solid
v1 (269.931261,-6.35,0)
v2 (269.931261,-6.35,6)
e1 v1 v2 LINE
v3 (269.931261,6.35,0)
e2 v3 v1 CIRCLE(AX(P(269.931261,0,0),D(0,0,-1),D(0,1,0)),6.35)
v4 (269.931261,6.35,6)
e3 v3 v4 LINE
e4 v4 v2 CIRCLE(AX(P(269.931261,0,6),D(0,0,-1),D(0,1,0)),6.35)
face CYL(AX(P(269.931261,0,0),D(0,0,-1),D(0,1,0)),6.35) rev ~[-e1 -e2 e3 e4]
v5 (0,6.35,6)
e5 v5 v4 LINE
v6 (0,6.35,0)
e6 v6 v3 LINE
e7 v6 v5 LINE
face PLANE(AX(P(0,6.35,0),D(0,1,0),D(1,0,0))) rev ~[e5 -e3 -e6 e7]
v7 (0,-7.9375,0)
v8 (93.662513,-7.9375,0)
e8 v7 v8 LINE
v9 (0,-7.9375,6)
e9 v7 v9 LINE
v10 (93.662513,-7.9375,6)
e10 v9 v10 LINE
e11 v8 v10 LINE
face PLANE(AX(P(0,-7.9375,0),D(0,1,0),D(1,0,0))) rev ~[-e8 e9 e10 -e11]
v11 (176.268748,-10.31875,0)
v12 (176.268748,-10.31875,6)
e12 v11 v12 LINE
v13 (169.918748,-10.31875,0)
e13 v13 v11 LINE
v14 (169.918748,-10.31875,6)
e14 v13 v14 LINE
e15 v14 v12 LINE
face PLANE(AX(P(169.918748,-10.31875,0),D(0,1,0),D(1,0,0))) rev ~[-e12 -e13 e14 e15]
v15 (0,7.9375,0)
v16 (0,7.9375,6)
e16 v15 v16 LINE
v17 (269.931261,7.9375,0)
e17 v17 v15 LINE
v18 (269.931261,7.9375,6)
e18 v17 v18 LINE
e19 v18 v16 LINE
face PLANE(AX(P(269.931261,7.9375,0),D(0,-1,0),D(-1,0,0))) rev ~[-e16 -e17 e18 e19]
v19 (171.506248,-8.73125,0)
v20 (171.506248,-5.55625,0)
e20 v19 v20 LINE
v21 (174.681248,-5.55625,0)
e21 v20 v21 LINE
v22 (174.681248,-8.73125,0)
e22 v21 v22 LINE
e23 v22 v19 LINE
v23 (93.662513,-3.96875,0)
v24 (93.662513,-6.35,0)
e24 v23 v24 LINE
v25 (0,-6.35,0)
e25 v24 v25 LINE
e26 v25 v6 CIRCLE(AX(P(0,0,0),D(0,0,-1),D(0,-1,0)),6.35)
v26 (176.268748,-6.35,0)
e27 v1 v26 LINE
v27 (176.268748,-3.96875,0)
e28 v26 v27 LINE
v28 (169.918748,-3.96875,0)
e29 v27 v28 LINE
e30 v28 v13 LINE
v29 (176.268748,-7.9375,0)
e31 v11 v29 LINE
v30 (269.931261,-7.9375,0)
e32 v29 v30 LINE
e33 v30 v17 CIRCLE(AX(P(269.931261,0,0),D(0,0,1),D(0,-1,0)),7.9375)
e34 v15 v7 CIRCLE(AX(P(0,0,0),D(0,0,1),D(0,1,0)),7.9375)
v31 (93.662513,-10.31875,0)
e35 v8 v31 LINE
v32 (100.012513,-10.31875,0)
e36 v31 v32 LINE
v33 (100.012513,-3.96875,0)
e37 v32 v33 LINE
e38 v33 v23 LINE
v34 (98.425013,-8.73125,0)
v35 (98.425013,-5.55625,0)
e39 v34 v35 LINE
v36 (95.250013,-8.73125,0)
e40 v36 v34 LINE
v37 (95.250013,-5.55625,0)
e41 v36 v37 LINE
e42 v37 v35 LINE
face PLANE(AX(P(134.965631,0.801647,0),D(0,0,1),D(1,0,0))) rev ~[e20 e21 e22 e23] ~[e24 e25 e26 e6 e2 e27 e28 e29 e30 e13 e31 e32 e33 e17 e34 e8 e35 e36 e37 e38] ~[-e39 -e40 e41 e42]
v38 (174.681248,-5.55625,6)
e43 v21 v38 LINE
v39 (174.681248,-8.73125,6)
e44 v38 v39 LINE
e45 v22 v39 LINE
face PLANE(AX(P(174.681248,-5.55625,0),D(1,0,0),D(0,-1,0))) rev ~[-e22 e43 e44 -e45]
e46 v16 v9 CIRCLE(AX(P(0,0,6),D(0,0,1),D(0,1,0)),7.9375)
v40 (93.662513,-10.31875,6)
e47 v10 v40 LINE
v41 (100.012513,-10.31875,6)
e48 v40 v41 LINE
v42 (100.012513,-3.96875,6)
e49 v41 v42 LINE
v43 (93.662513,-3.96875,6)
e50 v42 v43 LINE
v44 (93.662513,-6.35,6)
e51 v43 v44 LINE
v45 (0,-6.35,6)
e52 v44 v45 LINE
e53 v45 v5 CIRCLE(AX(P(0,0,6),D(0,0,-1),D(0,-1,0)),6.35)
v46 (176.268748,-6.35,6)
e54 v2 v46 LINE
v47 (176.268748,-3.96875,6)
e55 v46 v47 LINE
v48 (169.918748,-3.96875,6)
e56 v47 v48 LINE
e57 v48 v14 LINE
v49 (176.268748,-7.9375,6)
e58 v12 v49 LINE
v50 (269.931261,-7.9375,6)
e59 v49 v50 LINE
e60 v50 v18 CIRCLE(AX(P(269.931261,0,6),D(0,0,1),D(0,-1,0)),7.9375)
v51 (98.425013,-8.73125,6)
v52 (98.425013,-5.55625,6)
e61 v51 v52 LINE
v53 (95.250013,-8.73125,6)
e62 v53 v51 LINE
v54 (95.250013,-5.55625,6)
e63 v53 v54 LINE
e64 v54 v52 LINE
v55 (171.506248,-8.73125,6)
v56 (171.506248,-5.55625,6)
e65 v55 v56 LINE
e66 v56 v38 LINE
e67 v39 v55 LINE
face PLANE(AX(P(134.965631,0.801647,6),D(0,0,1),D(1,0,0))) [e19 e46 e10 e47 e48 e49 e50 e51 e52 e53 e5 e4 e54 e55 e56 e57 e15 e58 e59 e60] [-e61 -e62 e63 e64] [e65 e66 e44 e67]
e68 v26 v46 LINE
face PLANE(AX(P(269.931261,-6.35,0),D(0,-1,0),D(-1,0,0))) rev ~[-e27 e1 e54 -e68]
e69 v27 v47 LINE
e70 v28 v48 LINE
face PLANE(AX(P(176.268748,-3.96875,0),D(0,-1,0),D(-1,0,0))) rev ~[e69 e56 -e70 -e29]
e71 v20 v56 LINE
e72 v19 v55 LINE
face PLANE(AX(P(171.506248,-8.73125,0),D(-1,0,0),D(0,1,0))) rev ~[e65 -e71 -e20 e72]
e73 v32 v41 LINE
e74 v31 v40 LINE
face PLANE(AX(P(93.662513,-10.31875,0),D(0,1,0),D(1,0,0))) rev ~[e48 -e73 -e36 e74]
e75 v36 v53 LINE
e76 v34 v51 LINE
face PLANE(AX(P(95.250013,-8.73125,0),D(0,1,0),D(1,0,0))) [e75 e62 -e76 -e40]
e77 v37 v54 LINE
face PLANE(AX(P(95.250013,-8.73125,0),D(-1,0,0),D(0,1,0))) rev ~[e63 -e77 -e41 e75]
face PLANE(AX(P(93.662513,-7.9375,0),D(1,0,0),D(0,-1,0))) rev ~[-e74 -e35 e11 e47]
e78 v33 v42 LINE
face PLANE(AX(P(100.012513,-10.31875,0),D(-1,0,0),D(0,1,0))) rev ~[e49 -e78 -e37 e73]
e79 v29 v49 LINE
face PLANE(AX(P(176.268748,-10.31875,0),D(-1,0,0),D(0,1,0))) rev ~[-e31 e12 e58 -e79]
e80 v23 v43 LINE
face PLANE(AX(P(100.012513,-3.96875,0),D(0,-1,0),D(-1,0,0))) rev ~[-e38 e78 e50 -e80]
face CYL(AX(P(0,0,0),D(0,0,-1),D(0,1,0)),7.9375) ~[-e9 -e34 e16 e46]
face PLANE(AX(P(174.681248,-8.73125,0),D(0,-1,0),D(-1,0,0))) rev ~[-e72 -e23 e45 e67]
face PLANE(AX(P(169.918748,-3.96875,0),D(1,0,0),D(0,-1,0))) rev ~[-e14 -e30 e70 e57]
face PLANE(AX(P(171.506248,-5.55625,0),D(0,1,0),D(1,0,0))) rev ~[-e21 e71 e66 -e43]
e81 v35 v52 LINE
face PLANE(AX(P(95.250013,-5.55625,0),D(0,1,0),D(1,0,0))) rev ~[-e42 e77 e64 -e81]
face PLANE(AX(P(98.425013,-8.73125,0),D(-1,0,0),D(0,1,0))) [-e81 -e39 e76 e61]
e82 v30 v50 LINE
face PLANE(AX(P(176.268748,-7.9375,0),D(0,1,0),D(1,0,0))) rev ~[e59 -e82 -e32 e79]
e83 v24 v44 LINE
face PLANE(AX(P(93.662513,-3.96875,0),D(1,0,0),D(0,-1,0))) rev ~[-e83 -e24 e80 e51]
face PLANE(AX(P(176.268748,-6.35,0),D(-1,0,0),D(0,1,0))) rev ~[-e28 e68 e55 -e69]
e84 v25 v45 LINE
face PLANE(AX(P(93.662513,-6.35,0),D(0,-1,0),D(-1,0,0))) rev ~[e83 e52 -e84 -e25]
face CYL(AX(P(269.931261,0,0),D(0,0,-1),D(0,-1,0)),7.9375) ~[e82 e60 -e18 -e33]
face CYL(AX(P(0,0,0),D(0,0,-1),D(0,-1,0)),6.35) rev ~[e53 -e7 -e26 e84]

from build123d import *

# Parameters (mm, degrees)
F0_W     = 3.175
F0_H     = 3.175
F1_DEPTH = 6


with BuildPart() as f1:
    # F0 (on Top) → F1 (new body)
    with BuildSketch(Plane.XY):
        with BuildLine():
            ThreePointArc((269.931261, -7.9375), (277.868761, 0), (269.931261, 7.9375))
            Line((269.931261, 7.9375), (0, 7.9375))
            ThreePointArc((0, 7.9375), (-7.9375, 0), (0, -7.9375))
            Line((0, -7.9375), (93.662513, -7.9375))
            Line((93.662513, -7.9375), (93.662513, -10.31875))
            Line((93.662513, -10.31875), (100.012513, -10.31875))
            Line((100.012513, -10.31875), (100.012513, -3.96875))
            Line((100.012513, -3.96875), (93.662513, -3.96875))
            Line((93.662513, -3.96875), (93.662513, -6.35))
            Line((93.662513, -6.35), (0, -6.35))
            ThreePointArc((0, -6.35), (-6.35, 0), (0, 6.35))
            Line((0, 6.35), (269.931261, 6.35))
            ThreePointArc((269.931261, 6.35), (276.281261, 0), (269.931261, -6.35))
            Line((269.931261, -6.35), (176.268748, -6.35))
            Line((176.268748, -6.35), (176.268748, -3.96875))
            Line((176.268748, -3.96875), (173.093748, -3.96875))
            Line((173.093748, -3.96875), (169.918748, -3.96875))
            Line((169.918748, -3.96875), (169.918748, -10.31875))
            Line((169.918748, -10.31875), (176.268748, -10.31875))
            Line((176.268748, -10.31875), (176.268748, -7.9375))
            Line((176.268748, -7.9375), (269.931261, -7.9375))
        make_face()
        with Locations((96.837513, -7.14375)):
            Rectangle(F0_W, F0_H, mode=Mode.SUBTRACT)
        Polygon((171.506248, -5.55625), (173.093748, -5.55625), (174.681248, -5.55625), (174.681248, -8.73125), (171.506248, -8.73125), align=None, mode=Mode.SUBTRACT)
    extrude(amount=F1_DEPTH)


solid = f1.part
